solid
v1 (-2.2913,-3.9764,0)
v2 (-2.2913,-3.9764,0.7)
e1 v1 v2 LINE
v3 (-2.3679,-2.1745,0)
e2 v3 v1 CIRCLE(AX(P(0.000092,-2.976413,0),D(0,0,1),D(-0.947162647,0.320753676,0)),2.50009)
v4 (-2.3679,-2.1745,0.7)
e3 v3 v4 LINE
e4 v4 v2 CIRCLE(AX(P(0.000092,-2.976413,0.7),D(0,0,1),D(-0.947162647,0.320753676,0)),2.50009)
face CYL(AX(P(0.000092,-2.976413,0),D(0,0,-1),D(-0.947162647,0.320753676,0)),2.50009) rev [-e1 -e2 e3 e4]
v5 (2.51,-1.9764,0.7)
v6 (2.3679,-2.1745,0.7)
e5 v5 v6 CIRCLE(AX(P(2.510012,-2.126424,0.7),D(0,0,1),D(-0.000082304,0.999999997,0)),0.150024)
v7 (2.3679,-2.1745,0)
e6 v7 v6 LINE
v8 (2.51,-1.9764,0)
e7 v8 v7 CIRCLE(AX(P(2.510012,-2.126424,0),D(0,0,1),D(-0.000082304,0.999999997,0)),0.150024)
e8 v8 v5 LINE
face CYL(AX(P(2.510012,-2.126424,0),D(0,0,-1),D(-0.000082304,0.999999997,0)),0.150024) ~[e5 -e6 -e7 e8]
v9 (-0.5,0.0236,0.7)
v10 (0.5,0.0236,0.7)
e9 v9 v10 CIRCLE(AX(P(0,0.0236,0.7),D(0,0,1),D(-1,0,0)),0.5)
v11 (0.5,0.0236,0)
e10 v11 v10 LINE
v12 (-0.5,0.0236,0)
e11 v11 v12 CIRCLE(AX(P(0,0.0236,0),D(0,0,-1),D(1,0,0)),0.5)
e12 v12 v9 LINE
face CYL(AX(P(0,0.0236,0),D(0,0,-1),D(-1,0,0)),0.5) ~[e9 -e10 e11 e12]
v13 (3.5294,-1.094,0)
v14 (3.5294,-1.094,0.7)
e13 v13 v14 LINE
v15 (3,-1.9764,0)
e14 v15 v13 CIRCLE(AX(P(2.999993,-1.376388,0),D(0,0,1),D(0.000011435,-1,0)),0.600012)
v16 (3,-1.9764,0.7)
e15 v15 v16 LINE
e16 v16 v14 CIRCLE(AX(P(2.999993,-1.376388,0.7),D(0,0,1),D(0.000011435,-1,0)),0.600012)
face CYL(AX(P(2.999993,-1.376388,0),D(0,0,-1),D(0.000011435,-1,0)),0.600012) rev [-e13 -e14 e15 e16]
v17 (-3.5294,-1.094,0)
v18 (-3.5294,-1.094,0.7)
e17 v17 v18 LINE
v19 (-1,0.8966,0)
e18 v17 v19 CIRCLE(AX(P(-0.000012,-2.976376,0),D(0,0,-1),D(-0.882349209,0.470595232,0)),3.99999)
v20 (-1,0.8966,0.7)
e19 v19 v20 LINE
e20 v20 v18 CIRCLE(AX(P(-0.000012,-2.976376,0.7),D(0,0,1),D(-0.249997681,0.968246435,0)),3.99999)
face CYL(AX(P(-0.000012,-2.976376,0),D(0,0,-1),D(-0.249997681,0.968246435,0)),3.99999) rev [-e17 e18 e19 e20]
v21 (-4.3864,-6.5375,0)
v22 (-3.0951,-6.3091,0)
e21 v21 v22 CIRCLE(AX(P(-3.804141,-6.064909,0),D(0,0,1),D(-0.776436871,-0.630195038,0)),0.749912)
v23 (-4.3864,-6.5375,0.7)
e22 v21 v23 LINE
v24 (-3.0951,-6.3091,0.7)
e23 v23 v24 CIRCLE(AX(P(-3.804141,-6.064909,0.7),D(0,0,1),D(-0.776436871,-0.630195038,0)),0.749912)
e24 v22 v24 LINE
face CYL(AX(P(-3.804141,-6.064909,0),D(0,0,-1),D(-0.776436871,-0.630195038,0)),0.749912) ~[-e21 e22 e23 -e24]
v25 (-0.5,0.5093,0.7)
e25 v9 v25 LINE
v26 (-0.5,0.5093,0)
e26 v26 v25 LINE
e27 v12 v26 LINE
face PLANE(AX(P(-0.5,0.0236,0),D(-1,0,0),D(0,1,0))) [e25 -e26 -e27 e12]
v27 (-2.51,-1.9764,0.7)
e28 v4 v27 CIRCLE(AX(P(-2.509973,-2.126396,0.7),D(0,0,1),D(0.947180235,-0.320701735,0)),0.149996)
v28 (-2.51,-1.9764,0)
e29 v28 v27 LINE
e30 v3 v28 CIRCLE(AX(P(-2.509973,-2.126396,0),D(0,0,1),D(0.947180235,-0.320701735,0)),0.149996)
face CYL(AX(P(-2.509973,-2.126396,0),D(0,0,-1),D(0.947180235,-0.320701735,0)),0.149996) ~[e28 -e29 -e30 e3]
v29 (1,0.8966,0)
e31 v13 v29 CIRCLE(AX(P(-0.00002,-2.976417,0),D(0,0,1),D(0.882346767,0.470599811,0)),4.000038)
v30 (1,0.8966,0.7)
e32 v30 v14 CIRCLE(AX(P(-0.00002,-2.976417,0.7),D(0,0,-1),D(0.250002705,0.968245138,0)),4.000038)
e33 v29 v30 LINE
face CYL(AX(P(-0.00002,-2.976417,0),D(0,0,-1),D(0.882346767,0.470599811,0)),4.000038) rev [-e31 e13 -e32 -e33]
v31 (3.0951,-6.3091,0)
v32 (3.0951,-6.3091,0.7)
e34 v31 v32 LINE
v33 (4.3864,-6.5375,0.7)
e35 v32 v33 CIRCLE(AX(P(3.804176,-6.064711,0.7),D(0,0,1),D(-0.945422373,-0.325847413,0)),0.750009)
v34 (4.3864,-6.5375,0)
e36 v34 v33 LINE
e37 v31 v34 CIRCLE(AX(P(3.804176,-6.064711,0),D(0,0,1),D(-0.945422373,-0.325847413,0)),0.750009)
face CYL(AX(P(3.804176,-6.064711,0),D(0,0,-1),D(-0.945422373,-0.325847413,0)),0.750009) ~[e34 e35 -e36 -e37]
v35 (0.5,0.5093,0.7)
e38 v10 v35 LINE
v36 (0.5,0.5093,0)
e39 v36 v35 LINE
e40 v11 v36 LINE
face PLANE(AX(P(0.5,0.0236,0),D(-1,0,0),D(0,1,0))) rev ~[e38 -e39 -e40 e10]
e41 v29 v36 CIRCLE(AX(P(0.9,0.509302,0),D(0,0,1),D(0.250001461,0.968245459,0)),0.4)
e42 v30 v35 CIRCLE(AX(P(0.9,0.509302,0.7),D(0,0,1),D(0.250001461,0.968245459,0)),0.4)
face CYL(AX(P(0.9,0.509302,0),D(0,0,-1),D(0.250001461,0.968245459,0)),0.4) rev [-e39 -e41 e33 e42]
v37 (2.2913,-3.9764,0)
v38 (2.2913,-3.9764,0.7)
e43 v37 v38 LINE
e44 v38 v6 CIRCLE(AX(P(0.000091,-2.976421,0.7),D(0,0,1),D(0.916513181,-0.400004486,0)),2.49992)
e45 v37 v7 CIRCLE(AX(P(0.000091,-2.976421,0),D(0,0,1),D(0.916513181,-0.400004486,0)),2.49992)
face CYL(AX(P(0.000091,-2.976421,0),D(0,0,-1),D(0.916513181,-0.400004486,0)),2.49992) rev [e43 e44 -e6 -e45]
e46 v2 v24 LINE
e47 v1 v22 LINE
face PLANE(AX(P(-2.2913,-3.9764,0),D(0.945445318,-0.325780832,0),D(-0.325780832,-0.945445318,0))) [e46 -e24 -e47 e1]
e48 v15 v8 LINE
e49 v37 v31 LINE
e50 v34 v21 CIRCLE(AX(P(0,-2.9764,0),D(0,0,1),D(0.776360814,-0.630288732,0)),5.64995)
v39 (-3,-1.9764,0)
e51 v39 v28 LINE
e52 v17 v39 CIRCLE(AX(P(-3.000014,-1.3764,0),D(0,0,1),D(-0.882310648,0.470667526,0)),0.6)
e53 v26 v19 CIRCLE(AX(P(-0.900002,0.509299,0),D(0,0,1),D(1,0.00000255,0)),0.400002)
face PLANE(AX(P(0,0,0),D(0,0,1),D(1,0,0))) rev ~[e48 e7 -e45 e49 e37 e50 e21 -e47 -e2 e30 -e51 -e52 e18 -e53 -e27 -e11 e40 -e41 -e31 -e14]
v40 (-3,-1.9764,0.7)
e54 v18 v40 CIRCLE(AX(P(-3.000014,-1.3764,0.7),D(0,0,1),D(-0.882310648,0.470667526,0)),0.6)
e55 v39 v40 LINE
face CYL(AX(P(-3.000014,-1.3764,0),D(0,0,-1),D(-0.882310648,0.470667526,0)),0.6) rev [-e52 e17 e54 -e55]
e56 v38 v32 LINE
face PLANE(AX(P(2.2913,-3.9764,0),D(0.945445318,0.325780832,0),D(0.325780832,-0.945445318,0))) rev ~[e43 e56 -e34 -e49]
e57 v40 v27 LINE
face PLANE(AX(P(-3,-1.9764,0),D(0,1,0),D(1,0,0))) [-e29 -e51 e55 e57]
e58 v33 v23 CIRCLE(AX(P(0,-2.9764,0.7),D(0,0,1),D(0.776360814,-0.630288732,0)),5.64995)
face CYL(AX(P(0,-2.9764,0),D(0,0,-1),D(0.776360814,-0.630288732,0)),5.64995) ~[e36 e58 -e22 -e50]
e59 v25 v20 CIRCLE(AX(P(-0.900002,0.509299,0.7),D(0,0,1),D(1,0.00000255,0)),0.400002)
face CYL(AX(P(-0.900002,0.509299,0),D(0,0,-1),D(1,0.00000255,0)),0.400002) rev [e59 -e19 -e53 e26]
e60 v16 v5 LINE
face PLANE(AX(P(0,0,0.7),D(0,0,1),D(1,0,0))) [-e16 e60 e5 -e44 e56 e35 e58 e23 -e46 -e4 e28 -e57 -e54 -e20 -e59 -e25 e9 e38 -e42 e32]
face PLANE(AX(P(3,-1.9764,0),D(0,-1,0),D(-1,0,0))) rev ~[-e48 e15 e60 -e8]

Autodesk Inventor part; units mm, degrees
ref_plane "YZ Plane" through (0, 0, 0) normal (1, 0, 0) x (0, 1, 0)
ref_plane "XZ Plane" through (0, 0, 0) normal (0, 1, 0) x (-1, 0, 0)
sketch "Skizze1" plane through (0, 0, 0) normal (0, 0, 1) x (1, 0, 0)
  circle A0 centre (0, -2.9764) radius 3 construction
  line L0 (-0.5, 0.0236) -> (0, 0.0236) construction
  line L1 (-3.206, 0) -> (3.4858, 0) projected
  line L2 (-2.2913, -3.9764) -> (2.2913, -3.9764) construction
  arc A1 (-2.3679, -2.1745) -> (-2.2913, -3.9764) centre (0, -2.9764) ccw
  line L3 (0, 1.949) -> (0, -3.4788) projected
  arc A2 (-0.5, 0.0236) -> (0.5, 0.0236) centre (0, 0.0236) ccw
  arc A3 (4.3864, -6.5375) -> (-4.3864, -6.5375) centre (0, -2.9764) ccw
  line L4 (-3, -1.9764) -> (-2.51, -1.9764)
  line L5 (-0.5, 0.0236) -> (-0.5, 0.5093)
  arc A4 (-1, 0.8966) -> (-3.5294, -1.094) centre (0, -2.9764) ccw
  arc A5 (-0.5, 0.5093) -> (-1, 0.8966) centre (-0.9, 0.5093) ccw
  arc A6 (-3.5294, -1.094) -> (-3, -1.9764) centre (-3, -1.3764) ccw
  arc A7 (-2.3679, -2.1745) -> (-2.51, -1.9764) centre (-2.51, -2.1264) ccw
  line L6 (0, 2.6736) -> (2.5298, 2.6736) construction
  line L7 (-2.2913, -3.9764) -> (-3.0951, -6.3091)
  arc A8 (-4.3864, -6.5375) -> (-3.0951, -6.3091) centre (-3.8041, -6.0648) ccw
  line L8 (0, -0.4764) -> (-1.2778, -0.4764) construction
  line L9 (2.2913, -3.9764) -> (3.0951, -6.3091)
  arc A9 (3.0951, -6.3091) -> (4.3864, -6.5375) centre (3.8041, -6.0648) ccw
  arc A10 (2.2913, -3.9764) -> (2.3679, -2.1745) centre (0, -2.9764) ccw
  line L10 (3, -1.9764) -> (2.51, -1.9764)
  line L11 (0.5, 0.0236) -> (0.5, 0.5093)
  arc A11 (3.5294, -1.094) -> (1, 0.8966) centre (0, -2.9764) ccw
  arc A12 (1, 0.8966) -> (0.5, 0.5093) centre (0.9, 0.5093) ccw
  arc A13 (3, -1.9764) -> (3.5294, -1.094) centre (3, -1.3764) ccw
  arc A14 (2.51, -1.9764) -> (2.3679, -2.1745) centre (2.51, -2.1264) ccw
  point P0 (0.5, 0.0236)
  dimension "d0" = 6
  dimension "d3" = 1
  dimension "d4" = 0.5
  dimension "d5" = 11.3
  dimension "d8" = 4
  dimension "d9" = 1
  dimension "d10" = 0.4
  dimension "d11" = 0.6
  dimension "d12" = 0.15
  dimension "d13" = 0.75
  dimension "d14" = 2.5
  dimension "d15" = 2.5
extrude "Körper" add sketch "Skizze1" along normal blind 0.7 contours A4 A6 L4 A7 A1 L7 A8 A3 A9 L9 A10 A14 L10 A13 A11 A12 L11 A2 L1 L5 A5 | L1 L3 A2 | L1 A2 L3
ref_plane "Work Plane1" through (0, -2.9764, 0) normal (-1, 0, 0) x (0, 0, 1)
equation "\"d0\" = WD"
equation "\"d3\" = 0.2 * ND"
equation "\"d4\" = 0.1 * ND"
equation "\"d5\" = SD2"
equation "\"d8\" = 0.8 * ND"
equation "\"d9\" = 0.2 * ND"
equation "\"d10\" = 0.08 * ND"
equation "\"d11\" = 0.12 * ND"
equation "\"d12\" = 0.03 * ND"
equation "\"d13\" = 0.15 * ND"
equation "\"d14\" = 0.5 * ND"
equation "\"d15\" = 0.5 * ND"
equation "\"d16\" = SD"
equation "\"ND\" = 5"
equation "\"SD\" = 0.7"
equation "\"WD\" = 6"
equation "\"d1\" = 1.6 * ND"
equation "\"d2\" = ND"
equation "\"SD2\" = 11.3"
equation "\"d6\" = ND"
equation "\"d7\" = 0.15 * ND"
equation "\"WDMIN\" = 5"
equation "\"SNB\" = 0.74"
equation "\"WDMAX\" = 7"
equation "\"BUBRMI\" = 1.2"
properties part number "DIN 6799 - 5" material "Stahl, weich"
